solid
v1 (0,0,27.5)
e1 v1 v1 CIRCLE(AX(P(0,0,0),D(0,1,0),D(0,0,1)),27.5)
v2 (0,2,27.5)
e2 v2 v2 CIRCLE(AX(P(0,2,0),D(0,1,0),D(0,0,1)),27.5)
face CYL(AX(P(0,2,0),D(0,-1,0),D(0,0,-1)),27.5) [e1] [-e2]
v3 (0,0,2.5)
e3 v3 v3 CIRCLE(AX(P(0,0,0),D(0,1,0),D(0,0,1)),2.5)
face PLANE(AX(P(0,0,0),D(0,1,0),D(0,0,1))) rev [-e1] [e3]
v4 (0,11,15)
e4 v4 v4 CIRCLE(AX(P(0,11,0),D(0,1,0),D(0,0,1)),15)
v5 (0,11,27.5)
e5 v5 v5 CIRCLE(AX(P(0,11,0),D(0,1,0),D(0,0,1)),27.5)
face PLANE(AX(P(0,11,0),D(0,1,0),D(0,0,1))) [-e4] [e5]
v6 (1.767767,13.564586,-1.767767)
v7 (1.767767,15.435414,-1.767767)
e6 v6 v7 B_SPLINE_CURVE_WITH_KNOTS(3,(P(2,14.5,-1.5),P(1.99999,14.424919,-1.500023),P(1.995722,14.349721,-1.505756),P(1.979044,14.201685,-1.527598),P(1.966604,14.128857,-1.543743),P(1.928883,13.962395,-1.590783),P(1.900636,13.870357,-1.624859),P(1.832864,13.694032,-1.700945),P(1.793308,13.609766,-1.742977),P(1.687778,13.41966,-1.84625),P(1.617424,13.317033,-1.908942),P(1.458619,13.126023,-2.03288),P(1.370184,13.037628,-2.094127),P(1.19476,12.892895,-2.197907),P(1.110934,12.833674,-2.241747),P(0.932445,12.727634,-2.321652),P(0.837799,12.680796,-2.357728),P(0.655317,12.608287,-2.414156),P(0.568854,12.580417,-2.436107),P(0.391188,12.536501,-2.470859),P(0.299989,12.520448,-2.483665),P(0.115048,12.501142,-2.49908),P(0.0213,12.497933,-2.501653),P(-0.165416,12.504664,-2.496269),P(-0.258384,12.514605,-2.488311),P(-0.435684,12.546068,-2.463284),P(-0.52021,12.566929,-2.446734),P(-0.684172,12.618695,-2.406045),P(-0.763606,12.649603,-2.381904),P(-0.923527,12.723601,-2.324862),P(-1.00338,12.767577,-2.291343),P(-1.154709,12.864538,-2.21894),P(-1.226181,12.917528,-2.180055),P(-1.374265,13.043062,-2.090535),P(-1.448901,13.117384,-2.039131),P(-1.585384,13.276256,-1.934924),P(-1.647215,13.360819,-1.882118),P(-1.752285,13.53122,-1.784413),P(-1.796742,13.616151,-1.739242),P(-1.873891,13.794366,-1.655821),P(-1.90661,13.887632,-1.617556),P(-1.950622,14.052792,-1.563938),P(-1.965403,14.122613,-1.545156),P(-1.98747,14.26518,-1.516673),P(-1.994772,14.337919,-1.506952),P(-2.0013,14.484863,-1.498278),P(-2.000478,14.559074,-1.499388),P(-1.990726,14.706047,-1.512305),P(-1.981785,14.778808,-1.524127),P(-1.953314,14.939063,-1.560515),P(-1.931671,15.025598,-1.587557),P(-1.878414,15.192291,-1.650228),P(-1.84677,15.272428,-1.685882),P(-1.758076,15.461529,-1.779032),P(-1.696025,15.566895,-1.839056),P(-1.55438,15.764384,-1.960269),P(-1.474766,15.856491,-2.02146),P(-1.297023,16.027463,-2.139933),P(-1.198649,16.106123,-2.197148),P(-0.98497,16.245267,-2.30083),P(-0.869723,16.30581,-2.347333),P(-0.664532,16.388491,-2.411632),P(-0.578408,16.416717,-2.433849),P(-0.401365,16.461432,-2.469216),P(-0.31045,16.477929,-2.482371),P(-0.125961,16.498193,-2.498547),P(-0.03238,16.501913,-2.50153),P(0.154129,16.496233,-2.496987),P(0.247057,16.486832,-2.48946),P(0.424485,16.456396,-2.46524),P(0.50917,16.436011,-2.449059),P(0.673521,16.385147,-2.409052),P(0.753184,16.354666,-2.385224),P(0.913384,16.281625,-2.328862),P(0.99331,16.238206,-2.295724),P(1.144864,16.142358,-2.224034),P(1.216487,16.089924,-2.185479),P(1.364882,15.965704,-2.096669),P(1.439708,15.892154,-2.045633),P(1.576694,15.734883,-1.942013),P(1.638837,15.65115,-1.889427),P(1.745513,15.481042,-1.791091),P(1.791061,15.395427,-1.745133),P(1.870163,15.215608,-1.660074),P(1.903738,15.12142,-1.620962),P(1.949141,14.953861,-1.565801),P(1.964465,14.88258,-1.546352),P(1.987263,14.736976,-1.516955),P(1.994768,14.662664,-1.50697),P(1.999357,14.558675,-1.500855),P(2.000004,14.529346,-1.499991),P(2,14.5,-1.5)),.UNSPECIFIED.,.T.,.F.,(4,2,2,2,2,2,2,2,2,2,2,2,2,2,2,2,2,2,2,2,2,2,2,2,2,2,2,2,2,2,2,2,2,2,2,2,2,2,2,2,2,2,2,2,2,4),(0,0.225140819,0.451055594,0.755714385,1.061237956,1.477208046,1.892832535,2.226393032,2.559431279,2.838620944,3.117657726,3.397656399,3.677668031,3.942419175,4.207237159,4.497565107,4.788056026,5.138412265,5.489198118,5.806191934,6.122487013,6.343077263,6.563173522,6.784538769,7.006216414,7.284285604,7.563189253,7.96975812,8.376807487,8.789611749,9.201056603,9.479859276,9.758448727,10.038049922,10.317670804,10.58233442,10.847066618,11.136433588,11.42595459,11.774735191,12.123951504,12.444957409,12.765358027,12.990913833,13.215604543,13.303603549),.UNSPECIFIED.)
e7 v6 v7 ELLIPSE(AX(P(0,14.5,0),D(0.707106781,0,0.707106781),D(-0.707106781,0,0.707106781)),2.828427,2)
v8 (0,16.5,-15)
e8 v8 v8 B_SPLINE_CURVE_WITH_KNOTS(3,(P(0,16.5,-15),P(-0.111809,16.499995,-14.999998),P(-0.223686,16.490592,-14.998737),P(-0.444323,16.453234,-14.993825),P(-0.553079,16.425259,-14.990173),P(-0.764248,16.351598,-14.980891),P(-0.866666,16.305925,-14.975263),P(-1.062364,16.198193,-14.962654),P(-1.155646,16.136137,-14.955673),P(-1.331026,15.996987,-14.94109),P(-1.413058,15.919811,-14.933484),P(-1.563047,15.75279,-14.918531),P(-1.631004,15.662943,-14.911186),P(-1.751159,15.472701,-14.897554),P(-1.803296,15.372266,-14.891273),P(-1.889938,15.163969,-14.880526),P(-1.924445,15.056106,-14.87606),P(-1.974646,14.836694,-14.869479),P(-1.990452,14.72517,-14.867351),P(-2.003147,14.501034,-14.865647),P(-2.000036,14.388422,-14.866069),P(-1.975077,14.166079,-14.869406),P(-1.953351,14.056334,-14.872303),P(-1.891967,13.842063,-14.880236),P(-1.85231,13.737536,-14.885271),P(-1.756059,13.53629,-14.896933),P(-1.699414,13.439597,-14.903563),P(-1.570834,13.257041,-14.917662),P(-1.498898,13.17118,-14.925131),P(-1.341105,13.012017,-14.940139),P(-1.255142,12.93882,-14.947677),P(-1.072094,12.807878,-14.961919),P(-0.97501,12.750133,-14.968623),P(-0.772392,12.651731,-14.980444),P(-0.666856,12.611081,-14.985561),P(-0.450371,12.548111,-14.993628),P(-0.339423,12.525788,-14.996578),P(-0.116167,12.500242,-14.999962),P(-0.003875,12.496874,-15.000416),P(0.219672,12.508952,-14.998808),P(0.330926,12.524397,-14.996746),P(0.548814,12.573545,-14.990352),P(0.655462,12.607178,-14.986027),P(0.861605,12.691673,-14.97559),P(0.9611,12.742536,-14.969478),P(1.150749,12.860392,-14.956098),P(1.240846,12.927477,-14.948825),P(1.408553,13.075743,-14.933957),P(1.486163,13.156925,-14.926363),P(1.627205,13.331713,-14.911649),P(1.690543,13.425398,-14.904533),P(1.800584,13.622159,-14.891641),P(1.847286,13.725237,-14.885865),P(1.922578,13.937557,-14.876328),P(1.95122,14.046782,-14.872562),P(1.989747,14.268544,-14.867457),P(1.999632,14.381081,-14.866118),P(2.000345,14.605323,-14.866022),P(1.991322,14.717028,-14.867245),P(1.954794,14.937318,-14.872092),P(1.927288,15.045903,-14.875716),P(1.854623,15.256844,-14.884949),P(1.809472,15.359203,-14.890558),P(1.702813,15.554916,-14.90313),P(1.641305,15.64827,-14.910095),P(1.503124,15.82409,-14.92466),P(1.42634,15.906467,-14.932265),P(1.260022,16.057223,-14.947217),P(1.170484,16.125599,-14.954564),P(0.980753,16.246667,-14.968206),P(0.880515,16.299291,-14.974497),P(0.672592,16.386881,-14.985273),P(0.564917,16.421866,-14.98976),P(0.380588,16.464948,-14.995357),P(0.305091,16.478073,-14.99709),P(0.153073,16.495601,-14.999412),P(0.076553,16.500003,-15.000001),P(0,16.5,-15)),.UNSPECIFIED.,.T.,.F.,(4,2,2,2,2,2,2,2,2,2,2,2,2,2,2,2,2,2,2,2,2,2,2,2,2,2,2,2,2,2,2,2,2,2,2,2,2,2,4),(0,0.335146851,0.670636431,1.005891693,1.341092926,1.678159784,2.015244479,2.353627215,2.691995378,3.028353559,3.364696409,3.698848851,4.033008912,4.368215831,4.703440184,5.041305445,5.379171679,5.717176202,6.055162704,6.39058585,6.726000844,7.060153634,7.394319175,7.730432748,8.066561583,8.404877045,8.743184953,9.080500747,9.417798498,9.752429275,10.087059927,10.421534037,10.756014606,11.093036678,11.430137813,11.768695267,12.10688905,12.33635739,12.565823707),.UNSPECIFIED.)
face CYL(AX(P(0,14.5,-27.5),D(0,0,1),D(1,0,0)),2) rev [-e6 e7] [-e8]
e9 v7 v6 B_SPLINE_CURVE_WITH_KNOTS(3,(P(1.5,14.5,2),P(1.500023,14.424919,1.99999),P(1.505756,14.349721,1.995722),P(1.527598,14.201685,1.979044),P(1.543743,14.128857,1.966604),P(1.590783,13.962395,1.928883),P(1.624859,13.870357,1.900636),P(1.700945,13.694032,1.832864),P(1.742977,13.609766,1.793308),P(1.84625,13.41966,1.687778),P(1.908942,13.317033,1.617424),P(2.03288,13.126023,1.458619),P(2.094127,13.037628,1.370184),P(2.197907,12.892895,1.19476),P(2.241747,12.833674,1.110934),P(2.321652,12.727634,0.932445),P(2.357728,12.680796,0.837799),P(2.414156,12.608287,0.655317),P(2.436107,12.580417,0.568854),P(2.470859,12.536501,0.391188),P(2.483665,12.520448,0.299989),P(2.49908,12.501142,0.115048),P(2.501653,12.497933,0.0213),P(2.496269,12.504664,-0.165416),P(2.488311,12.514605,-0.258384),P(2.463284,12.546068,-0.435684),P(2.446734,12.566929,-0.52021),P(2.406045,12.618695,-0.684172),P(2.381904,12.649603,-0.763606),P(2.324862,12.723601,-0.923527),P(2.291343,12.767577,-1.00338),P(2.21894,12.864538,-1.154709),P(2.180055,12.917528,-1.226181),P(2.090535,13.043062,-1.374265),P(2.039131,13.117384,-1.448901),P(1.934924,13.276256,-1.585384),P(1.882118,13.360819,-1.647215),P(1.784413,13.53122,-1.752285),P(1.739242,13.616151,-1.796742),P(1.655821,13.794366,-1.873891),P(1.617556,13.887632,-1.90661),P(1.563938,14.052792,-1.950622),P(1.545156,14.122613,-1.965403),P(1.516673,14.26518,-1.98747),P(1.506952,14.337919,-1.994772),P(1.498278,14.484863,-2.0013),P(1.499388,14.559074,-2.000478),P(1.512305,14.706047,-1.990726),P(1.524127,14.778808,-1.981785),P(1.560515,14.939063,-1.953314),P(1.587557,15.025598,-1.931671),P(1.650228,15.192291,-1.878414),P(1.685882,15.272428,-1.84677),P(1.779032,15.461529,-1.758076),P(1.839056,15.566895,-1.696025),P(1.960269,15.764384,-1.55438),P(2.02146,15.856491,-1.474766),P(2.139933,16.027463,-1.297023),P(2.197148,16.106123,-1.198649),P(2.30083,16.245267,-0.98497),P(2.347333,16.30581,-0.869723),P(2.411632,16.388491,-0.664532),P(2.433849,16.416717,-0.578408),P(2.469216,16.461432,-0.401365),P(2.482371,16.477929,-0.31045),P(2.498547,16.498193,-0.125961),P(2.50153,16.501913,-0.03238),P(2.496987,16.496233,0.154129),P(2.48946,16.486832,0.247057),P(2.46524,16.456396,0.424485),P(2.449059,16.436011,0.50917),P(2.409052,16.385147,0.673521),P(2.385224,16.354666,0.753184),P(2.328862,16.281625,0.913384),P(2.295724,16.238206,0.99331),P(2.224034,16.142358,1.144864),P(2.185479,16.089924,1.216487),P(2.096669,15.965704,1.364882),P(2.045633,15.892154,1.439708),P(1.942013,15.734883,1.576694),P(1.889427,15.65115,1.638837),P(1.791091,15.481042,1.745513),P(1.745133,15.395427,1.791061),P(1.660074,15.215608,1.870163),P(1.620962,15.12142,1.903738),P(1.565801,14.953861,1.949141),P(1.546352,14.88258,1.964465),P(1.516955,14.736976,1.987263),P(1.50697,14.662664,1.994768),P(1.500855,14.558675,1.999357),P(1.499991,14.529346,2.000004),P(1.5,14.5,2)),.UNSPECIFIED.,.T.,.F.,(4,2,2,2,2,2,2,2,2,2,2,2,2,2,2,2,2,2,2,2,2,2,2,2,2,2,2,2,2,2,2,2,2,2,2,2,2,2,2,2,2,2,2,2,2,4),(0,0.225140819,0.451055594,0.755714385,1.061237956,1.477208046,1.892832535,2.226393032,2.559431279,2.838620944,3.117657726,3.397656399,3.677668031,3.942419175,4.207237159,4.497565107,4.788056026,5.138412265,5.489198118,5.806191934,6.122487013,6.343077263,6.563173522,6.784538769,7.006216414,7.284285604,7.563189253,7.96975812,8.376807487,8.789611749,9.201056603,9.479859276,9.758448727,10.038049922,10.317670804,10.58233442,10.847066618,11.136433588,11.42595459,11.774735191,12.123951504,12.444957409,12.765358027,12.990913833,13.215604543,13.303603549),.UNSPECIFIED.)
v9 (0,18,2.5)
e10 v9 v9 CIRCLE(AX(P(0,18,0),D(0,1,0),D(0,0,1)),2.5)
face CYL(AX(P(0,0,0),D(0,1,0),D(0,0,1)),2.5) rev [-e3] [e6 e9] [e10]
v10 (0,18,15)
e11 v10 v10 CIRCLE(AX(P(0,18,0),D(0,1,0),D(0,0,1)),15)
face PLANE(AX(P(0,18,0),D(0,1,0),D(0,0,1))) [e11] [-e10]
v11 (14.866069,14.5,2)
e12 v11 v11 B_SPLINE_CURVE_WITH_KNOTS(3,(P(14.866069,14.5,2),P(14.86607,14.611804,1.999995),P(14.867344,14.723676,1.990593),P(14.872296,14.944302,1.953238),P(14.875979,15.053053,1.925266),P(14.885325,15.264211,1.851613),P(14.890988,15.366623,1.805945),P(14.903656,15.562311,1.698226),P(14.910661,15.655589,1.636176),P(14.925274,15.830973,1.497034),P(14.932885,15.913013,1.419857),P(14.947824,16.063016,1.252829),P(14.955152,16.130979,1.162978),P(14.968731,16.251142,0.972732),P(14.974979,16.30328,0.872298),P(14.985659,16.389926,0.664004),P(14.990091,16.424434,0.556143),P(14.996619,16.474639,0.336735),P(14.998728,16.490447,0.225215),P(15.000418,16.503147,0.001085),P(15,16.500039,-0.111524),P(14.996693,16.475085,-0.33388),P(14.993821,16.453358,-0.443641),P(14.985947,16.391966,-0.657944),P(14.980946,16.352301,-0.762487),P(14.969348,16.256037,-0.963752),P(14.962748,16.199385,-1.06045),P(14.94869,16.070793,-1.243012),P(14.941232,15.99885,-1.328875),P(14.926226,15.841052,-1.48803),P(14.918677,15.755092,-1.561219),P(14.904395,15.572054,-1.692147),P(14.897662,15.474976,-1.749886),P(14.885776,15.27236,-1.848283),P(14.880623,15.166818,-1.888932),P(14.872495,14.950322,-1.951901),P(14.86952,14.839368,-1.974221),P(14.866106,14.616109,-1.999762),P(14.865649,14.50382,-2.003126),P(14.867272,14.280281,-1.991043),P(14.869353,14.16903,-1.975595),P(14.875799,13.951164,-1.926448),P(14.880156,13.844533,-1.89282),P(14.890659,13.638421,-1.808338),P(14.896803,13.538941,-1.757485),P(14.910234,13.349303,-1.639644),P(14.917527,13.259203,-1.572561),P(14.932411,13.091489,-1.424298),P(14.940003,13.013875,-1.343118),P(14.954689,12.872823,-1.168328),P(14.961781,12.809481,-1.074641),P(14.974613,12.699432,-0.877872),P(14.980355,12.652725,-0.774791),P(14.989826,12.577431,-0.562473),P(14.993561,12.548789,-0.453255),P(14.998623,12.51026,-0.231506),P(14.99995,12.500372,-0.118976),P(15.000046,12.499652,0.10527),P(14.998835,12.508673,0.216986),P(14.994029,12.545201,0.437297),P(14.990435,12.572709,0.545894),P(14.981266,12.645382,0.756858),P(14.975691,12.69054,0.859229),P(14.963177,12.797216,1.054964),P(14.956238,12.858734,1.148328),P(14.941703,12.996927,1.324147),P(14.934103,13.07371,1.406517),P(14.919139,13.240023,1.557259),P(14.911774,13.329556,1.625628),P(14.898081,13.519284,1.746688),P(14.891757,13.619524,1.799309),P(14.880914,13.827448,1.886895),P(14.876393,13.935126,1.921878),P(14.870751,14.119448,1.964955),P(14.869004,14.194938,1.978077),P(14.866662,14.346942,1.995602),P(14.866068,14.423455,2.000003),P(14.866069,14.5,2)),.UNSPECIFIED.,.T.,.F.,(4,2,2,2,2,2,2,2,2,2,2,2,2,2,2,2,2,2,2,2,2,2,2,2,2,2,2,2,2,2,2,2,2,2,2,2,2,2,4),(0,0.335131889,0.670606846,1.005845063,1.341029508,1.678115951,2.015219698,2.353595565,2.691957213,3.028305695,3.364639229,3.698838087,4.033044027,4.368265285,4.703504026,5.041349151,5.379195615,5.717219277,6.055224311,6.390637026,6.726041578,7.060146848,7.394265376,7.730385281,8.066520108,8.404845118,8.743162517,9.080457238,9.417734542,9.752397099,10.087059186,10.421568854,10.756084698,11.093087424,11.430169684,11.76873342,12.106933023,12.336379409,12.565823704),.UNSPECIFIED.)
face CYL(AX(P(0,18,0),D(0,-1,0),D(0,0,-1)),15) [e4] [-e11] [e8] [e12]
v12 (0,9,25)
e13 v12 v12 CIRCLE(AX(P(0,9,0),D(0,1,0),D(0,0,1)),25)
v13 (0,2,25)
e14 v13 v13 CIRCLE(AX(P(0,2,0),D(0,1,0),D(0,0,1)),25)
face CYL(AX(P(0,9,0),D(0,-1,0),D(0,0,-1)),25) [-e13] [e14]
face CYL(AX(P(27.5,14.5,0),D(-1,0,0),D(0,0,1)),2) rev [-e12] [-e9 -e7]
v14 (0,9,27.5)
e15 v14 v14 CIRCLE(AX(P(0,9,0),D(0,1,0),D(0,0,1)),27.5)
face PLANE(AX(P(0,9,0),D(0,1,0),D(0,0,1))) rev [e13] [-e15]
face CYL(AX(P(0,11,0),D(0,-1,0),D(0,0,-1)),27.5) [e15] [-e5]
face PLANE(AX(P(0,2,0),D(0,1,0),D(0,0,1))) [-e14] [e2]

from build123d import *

# Parameters (mm, degrees)
SKETCH1_R           = 27.5
BOSS_EXTRUDE1_DEPTH = 2
SKETCH2_R           = 25
BOSS_EXTRUDE2_DEPTH = 7
SKETCH3_R           = 27.5
BOSS_EXTRUDE3_DEPTH = 2
SKETCH4_R           = 15
BOSS_EXTRUDE4_DEPTH = 7
SKETCH5_R           = 2.5
CUT_EXTRUDE1_DEPTH  = 19
SKETCH6_R           = 2
CUT_EXTRUDE2_DEPTH  = 28.5
CIRPATTERN1_COUNT   = 2
CIRPATTERN1_ANGLE   = 90


with BuildPart() as part:
    # Sketch1 → Boss-Extrude1 (new body)
    with BuildSketch(Plane(origin=(0, 0, 0), x_dir=(1, 0, 0), z_dir=(0, 1, 0))):
        Circle(SKETCH1_R)
    extrude(amount=BOSS_EXTRUDE1_DEPTH)

    # Sketch2 → Boss-Extrude2 (add)
    with BuildSketch(Plane(origin=(0, 2, 0), x_dir=(1, 0, 0), z_dir=(0, 1, 0))):
        Circle(SKETCH2_R)
    extrude(amount=BOSS_EXTRUDE2_DEPTH)

    # Sketch3 → Boss-Extrude3 (add)
    with BuildSketch(Plane(origin=(0, 9, 0), x_dir=(1, 0, 0), z_dir=(0, 1, 0))):
        Circle(SKETCH3_R)
    extrude(amount=BOSS_EXTRUDE3_DEPTH)

    # Sketch4 → Boss-Extrude4 (add)
    with BuildSketch(Plane(origin=(0, 11, 0), x_dir=(1, 0, 0), z_dir=(0, 1, 0))):
        Circle(SKETCH4_R)
    extrude(amount=BOSS_EXTRUDE4_DEPTH)

    # Sketch5 → Cut-Extrude1 (cut, through all)
    with BuildSketch(Plane(origin=(0, 18, 0), x_dir=(1, 0, 0), z_dir=(0, 1, 0))):
        Circle(SKETCH5_R)
    extrude(amount=-CUT_EXTRUDE1_DEPTH, mode=Mode.SUBTRACT)

    # Sketch6 → Cut-Extrude2 (cut, through all)
    with BuildSketch(Plane.XY):
        with Locations((0, 14.5)):
            Circle(SKETCH6_R)
    cut_extrude2 = extrude(amount=-CUT_EXTRUDE2_DEPTH, mode=Mode.SUBTRACT)

    # CirPattern1: Cut-Extrude2 ×2 about axis
    cirpattern1_axis = Axis((0, 18, 0), (0, -1, 0))
    for i in range(1, CIRPATTERN1_COUNT):
        add(cut_extrude2.rotate(cirpattern1_axis, i * CIRPATTERN1_ANGLE / (CIRPATTERN1_COUNT - 1)), mode=Mode.SUBTRACT)


solid = part.part
